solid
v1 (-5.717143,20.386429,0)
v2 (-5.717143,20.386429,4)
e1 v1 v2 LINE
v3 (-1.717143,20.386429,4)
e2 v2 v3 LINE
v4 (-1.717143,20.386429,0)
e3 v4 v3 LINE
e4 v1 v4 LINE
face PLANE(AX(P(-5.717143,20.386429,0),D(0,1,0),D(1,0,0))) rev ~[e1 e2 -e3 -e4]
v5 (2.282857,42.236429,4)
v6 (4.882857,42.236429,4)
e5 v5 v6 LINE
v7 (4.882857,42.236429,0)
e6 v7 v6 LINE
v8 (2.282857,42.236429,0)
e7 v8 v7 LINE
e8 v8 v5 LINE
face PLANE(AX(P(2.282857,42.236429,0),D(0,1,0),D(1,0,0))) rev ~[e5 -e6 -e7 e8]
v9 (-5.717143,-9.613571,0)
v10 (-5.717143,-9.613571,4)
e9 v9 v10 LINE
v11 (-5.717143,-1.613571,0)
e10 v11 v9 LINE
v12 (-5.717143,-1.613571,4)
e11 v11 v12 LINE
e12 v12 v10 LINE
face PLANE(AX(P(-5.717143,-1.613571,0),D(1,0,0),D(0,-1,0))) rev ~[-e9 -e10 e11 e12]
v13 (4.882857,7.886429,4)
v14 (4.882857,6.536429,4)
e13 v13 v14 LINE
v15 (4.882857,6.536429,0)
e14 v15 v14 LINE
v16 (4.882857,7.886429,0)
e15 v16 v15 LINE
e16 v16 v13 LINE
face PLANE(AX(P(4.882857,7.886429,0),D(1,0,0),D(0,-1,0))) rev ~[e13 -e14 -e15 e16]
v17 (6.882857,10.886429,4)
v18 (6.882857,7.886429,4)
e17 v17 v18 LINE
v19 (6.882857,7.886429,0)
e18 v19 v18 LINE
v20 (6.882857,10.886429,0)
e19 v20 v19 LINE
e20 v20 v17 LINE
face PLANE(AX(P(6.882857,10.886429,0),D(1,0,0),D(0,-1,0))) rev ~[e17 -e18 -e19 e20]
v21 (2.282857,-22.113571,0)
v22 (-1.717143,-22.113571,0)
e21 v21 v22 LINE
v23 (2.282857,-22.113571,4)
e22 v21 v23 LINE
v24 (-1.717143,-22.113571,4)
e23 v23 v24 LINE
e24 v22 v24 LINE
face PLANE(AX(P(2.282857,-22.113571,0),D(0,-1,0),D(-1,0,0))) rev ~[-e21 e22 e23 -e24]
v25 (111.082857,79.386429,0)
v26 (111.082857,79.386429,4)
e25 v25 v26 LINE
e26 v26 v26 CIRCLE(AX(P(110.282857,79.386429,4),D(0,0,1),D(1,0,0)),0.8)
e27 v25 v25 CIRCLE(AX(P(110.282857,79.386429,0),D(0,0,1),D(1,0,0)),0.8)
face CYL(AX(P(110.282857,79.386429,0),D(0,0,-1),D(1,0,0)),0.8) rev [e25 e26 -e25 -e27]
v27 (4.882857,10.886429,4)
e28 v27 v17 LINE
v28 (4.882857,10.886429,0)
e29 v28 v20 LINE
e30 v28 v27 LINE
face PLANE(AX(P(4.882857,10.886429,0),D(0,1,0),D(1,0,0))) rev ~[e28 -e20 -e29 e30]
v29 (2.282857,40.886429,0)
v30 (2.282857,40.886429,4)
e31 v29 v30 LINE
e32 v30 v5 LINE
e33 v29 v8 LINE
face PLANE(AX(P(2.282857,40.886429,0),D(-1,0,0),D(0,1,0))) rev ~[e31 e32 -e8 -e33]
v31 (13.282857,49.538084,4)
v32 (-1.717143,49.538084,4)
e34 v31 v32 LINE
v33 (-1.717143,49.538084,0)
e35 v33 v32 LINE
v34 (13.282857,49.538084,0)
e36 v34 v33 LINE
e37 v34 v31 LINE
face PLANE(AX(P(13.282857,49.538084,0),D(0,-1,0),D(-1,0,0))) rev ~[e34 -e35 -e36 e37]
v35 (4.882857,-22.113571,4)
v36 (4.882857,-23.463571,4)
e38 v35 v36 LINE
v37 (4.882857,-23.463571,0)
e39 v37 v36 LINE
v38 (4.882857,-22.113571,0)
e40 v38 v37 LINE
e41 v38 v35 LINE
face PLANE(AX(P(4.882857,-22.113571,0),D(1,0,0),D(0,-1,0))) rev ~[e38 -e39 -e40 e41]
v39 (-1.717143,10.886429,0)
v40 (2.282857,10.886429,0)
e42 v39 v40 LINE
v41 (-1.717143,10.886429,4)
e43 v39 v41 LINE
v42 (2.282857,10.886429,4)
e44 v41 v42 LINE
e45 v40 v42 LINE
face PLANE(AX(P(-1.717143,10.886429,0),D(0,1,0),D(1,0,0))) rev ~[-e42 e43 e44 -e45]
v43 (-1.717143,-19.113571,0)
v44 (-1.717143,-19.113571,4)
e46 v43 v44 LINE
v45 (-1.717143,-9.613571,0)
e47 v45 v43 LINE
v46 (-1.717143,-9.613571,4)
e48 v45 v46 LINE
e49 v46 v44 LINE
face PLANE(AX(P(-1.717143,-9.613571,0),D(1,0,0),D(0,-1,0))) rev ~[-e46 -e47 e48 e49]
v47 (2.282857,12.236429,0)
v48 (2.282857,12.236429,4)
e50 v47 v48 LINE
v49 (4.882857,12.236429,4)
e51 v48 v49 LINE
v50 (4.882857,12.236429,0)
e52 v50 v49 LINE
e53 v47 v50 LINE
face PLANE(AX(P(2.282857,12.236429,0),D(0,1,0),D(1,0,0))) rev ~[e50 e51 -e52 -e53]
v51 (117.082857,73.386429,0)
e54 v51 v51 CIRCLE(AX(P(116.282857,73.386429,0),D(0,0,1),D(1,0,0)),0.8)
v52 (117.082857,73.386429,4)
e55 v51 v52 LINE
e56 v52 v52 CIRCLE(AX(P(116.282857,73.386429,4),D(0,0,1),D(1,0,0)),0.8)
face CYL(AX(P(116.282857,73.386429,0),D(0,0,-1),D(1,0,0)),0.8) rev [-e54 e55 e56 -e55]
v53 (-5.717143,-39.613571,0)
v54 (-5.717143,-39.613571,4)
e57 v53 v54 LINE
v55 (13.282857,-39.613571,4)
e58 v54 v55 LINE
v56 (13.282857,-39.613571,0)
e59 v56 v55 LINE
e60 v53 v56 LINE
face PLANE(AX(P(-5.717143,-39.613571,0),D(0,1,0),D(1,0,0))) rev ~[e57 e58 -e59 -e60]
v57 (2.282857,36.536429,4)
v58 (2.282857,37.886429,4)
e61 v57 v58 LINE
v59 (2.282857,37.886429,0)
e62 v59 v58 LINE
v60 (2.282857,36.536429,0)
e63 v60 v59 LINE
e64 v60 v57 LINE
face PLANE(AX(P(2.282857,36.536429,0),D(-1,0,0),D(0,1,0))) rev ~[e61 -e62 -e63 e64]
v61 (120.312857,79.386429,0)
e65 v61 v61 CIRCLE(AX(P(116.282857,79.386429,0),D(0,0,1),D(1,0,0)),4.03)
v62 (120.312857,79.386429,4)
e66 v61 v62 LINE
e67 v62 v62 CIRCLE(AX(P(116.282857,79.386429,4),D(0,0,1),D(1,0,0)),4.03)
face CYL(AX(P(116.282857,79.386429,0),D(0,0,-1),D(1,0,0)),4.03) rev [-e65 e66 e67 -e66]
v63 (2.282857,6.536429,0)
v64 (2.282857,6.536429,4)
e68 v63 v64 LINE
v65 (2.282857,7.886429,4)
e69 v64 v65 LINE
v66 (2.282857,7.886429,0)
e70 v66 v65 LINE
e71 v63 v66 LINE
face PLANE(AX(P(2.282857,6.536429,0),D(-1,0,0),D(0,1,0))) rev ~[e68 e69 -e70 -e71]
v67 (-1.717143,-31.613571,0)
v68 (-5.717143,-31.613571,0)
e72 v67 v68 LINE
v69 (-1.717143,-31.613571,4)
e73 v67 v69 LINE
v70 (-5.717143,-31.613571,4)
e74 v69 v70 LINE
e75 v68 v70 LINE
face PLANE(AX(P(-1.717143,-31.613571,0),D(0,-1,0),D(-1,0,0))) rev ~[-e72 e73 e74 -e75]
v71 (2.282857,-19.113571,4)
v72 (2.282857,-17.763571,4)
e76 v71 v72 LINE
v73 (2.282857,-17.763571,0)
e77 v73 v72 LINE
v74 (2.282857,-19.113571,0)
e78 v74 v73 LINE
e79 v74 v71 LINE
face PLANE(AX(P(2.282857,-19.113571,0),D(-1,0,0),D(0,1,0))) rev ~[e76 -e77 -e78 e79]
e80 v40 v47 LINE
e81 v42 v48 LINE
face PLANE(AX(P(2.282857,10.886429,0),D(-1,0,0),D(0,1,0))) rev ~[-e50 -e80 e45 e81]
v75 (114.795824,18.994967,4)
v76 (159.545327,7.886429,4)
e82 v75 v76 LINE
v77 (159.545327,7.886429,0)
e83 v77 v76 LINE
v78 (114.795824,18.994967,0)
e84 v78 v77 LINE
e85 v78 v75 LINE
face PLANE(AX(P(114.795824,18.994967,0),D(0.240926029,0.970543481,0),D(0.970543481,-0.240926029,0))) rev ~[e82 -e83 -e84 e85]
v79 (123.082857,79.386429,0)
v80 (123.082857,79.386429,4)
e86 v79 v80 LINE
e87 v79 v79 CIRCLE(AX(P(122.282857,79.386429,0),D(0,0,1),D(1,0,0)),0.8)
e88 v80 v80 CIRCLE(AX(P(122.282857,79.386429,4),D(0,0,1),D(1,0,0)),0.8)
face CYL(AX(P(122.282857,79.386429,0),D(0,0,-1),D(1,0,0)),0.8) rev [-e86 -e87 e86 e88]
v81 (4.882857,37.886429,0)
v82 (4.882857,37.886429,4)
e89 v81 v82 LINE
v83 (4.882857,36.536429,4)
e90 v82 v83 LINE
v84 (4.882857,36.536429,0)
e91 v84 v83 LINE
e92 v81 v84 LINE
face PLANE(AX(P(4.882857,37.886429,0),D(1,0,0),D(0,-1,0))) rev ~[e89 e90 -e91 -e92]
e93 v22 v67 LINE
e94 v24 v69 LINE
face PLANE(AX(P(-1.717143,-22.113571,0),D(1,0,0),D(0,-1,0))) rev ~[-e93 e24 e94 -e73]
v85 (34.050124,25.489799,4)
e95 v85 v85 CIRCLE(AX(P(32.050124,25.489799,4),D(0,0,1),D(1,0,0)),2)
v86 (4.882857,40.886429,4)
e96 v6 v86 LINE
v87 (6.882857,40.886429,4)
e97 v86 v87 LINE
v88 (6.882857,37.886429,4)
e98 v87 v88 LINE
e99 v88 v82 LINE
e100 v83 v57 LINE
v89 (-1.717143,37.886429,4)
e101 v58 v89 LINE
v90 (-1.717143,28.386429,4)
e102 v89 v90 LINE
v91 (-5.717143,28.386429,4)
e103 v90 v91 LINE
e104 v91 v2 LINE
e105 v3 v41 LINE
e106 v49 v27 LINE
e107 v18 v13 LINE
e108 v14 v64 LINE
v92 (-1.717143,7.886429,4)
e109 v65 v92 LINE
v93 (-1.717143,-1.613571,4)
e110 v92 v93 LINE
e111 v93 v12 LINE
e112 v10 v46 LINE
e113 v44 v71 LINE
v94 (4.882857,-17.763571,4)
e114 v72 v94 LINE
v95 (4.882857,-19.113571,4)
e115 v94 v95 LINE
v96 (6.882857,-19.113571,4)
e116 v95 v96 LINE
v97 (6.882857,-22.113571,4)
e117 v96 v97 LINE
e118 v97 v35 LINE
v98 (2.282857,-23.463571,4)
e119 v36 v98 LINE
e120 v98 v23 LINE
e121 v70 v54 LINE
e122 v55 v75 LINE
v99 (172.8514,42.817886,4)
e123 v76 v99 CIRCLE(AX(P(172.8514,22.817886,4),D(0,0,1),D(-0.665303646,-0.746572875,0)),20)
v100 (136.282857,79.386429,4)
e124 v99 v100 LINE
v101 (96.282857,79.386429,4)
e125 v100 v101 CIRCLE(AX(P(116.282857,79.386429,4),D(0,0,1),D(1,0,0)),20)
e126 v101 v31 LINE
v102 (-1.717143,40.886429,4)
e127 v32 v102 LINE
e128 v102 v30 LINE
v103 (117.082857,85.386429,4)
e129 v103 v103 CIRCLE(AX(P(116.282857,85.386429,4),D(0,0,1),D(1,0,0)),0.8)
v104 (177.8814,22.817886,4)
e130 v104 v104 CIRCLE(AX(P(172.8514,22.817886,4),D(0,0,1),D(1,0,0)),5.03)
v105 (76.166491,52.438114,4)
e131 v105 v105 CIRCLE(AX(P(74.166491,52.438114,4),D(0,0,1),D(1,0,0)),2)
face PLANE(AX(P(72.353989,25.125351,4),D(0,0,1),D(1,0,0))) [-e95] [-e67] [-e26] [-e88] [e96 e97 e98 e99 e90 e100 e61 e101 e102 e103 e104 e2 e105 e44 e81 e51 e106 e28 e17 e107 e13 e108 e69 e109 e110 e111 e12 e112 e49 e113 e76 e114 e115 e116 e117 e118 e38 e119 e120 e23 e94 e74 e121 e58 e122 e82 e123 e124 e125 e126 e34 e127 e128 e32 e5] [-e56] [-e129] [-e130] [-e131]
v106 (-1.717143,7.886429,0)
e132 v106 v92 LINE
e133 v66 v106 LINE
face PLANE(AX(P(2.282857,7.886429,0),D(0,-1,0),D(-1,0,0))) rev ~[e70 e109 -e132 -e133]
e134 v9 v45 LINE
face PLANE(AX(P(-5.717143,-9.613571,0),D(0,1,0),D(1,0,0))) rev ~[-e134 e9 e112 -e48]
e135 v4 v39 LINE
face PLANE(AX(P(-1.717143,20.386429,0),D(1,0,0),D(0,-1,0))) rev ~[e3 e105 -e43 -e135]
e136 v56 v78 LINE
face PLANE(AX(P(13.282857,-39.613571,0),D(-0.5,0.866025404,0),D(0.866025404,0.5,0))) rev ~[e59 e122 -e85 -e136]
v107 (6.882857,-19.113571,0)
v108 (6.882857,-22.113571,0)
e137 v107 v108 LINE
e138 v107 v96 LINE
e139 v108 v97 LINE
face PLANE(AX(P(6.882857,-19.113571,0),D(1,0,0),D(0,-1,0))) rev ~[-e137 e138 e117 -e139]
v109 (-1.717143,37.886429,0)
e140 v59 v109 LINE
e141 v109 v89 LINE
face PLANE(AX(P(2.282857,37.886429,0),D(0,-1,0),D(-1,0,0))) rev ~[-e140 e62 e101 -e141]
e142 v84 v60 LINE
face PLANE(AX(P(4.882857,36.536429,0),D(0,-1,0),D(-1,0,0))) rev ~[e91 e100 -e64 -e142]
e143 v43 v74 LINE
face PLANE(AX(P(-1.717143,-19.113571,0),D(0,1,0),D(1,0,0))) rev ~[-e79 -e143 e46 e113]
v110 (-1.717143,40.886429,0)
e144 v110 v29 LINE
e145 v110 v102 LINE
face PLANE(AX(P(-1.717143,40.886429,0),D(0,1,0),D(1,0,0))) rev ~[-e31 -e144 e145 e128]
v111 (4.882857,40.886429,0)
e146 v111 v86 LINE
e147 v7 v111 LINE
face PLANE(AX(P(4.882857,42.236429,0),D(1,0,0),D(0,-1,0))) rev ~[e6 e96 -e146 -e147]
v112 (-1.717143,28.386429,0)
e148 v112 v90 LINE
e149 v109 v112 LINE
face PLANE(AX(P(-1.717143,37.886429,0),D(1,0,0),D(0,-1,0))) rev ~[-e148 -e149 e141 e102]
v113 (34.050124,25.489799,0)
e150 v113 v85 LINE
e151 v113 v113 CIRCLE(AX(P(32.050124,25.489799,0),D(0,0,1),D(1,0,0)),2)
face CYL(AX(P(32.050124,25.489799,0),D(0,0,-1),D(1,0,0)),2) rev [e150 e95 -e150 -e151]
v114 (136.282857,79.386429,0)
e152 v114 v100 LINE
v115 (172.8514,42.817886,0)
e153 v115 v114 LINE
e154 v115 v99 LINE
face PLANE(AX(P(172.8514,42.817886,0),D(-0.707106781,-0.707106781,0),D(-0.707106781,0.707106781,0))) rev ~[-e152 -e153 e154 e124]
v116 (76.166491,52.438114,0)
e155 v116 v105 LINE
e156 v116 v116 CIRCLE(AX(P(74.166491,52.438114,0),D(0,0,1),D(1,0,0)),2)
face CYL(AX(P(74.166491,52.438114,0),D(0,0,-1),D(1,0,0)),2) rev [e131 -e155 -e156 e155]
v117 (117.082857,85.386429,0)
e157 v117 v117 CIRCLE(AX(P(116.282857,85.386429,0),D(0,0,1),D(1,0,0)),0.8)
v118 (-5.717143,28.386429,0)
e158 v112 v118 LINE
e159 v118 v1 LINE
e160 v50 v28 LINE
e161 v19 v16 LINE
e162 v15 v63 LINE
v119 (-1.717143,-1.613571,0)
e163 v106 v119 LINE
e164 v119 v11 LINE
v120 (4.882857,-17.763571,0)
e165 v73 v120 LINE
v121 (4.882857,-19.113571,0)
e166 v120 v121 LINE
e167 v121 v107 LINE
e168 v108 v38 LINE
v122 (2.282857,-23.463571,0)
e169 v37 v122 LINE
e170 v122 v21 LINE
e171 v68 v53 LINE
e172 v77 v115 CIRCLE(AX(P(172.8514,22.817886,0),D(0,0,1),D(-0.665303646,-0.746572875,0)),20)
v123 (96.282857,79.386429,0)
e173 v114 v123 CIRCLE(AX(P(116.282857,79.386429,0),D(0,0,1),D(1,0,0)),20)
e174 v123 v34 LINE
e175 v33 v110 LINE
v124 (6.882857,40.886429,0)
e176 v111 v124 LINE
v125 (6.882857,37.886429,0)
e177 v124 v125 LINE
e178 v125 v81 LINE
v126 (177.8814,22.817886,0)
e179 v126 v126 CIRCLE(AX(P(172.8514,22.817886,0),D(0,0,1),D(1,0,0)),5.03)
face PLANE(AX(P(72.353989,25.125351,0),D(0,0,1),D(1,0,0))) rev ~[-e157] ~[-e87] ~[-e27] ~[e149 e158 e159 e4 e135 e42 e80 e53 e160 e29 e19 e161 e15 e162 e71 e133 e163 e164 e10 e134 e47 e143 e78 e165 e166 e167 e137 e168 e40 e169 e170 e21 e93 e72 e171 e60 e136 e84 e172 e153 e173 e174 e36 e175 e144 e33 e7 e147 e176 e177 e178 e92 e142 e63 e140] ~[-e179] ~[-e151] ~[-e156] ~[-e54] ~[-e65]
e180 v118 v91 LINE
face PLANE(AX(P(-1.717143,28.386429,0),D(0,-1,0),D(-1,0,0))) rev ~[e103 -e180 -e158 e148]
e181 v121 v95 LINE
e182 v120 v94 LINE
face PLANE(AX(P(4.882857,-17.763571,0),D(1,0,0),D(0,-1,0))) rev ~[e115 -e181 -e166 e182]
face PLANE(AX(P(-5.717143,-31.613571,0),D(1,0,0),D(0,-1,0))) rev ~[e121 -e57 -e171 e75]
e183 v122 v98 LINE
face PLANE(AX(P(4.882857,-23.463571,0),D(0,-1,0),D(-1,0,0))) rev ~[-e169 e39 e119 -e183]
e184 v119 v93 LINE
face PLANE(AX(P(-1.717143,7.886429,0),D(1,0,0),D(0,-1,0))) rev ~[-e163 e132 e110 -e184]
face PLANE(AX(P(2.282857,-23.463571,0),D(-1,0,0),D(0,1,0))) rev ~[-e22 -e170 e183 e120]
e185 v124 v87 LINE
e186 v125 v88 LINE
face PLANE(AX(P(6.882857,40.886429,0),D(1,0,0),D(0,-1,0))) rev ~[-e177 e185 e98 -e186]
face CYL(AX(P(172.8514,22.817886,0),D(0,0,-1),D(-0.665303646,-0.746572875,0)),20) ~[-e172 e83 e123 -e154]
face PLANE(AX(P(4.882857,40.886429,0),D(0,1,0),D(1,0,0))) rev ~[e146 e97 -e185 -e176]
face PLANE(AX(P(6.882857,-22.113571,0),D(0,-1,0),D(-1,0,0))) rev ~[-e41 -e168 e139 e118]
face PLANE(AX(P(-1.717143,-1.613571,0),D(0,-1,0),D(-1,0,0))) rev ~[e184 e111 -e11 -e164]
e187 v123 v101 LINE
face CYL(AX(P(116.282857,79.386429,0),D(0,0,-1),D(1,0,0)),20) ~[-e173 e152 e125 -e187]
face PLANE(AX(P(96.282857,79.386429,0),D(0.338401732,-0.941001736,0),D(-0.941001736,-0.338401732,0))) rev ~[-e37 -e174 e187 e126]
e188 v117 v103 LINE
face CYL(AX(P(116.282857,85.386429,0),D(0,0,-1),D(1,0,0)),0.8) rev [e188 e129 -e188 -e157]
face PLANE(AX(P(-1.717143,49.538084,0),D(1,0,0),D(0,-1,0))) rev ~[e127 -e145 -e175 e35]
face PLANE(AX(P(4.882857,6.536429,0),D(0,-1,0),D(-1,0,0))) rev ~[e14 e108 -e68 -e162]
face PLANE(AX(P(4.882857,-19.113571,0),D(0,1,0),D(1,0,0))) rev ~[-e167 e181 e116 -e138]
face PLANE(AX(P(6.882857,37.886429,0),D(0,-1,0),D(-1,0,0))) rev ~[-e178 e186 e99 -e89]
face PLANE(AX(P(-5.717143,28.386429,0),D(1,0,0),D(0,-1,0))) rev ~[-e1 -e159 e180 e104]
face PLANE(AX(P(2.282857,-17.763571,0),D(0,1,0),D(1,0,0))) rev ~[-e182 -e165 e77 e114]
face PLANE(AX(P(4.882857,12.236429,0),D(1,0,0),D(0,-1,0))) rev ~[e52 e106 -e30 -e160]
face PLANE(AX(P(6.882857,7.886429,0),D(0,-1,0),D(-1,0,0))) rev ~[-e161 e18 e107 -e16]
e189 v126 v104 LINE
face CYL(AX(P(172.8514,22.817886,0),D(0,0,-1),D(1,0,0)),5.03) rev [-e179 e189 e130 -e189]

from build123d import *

# Parameters (mm, degrees)
SKETCH_1_R      = 2
SKETCH_1_R_2    = 5.03
SKETCH_1_R_3    = 0.8
SKETCH_1_R_4    = 4.03
EXTRUDE_1_DEPTH = 4


with BuildPart() as part:
    # 草图1 → 凸台-拉伸1 (new body)
    with BuildSketch(Plane.XY):
        with BuildLine():
            Line((2.282857143, -22.113571429), (-1.717142857, -22.113571429))
            Line((-1.717142857, -22.113571429), (-1.717142857, -31.613571429))
            Line((-1.717142857, -31.613571429), (-5.717142857, -31.613571429))
            Line((-5.717142857, -31.613571429), (-5.717142857, -39.613571429))
            Line((-5.717142857, -39.613571429), (-1.717142857, -39.613571429))
            Line((-1.717142857, -39.613571429), (13.282857143, -39.613571429))
            Line((13.282857143, -39.613571429), (114.795824144, 18.994967396))
            Line((114.795824144, 18.994967396), (159.545326709, 7.886428571))
            ThreePointArc((159.545326709, 7.886428571), (191.541358842, 15.698516375), (172.851399638, 42.817886077))
            Line((172.851399638, 42.817886077), (136.282857143, 79.386428571))
            ThreePointArc((136.282857143, 79.386428571), (116.282857143, 99.386428571), (96.282857143, 79.386428571))
            Line((96.282857143, 79.386428571), (13.282857143, 49.538084372))
            Line((13.282857143, 49.538084372), (-1.717142857, 49.538084372))
            Line((-1.717142857, 49.538084372), (-1.717142857, 40.886428571))
            Line((-1.717142857, 40.886428571), (2.282857143, 40.886428571))
            Line((2.282857143, 40.886428571), (2.282857143, 42.236428571))
            Line((2.282857143, 42.236428571), (4.882857143, 42.236428571))
            Line((4.882857143, 42.236428571), (4.882857143, 40.886428571))
            Line((4.882857143, 40.886428571), (6.882857143, 40.886428571))
            Line((6.882857143, 40.886428571), (6.882857143, 37.886428571))
            Line((6.882857143, 37.886428571), (4.882857143, 37.886428571))
            Line((4.882857143, 37.886428571), (4.882857143, 36.536428571))
            Line((4.882857143, 36.536428571), (2.282857143, 36.536428571))
            Line((2.282857143, 36.536428571), (2.282857143, 37.886428571))
            Line((2.282857143, 37.886428571), (-1.717142857, 37.886428571))
            Line((-1.717142857, 37.886428571), (-1.717142857, 28.386428571))
            Line((-1.717142857, 28.386428571), (-5.717142857, 28.386428571))
            Line((-5.717142857, 28.386428571), (-5.717142857, 20.386428571))
            Line((-5.717142857, 20.386428571), (-1.717142857, 20.386428571))
            Line((-1.717142857, 20.386428571), (-1.717142857, 10.886428571))
            Line((-1.717142857, 10.886428571), (2.282857143, 10.886428571))
            Line((2.282857143, 10.886428571), (2.282857143, 12.236428571))
            Line((2.282857143, 12.236428571), (4.882857143, 12.236428571))
            Line((4.882857143, 12.236428571), (4.882857143, 10.886428571))
            Line((4.882857143, 10.886428571), (6.882857143, 10.886428571))
            Line((6.882857143, 10.886428571), (6.882857143, 7.886428571))
            Line((6.882857143, 7.886428571), (4.882857143, 7.886428571))
            Line((4.882857143, 7.886428571), (4.882857143, 6.536428571))
            Line((4.882857143, 6.536428571), (2.282857143, 6.536428571))
            Line((2.282857143, 6.536428571), (2.282857143, 7.886428571))
            Line((2.282857143, 7.886428571), (-1.717142857, 7.886428571))
            Line((-1.717142857, 7.886428571), (-1.717142857, -1.613571429))
            Line((-1.717142857, -1.613571429), (-5.717142857, -1.613571429))
            Line((-5.717142857, -1.613571429), (-5.717142857, -9.613571429))
            Line((-5.717142857, -9.613571429), (-1.717142857, -9.613571429))
            Line((-1.717142857, -9.613571429), (-1.717142857, -19.113571429))
            Line((-1.717142857, -19.113571429), (2.282857143, -19.113571429))
            Line((2.282857143, -19.113571429), (2.282857143, -17.763571429))
            Line((2.282857143, -17.763571429), (4.882857143, -17.763571429))
            Line((4.882857143, -17.763571429), (4.882857143, -19.113571429))
            Line((4.882857143, -19.113571429), (6.882857143, -19.113571429))
            Line((6.882857143, -19.113571429), (6.882857143, -22.113571429))
            Line((6.882857143, -22.113571429), (4.882857143, -22.113571429))
            Line((4.882857143, -22.113571429), (4.882857143, -23.463571429))
            Line((4.882857143, -23.463571429), (2.282857143, -23.463571429))
            Line((2.282857143, -23.463571429), (2.282857143, -22.113571429))
        make_face()
        with Locations((32.050124236, 25.489798741)):
            Circle(SKETCH_1_R, mode=Mode.SUBTRACT)
        with Locations((172.851399638, 22.817886077)):
            Circle(SKETCH_1_R_2, mode=Mode.SUBTRACT)
        with Locations((74.16649069, 52.438113656)):
            Circle(SKETCH_1_R, mode=Mode.SUBTRACT)
        with Locations((116.282857143, 73.386428571)):
            Circle(SKETCH_1_R_3, mode=Mode.SUBTRACT)
        with Locations((110.282857143, 79.386428571)):
            Circle(SKETCH_1_R_3, mode=Mode.SUBTRACT)
        with Locations((116.282857143, 79.386428571)):
            Circle(SKETCH_1_R_4, mode=Mode.SUBTRACT)
        with Locations((122.282857143, 79.386428571)):
            Circle(SKETCH_1_R_3, mode=Mode.SUBTRACT)
        with Locations((116.282857143, 85.386428571)):
            Circle(SKETCH_1_R_3, mode=Mode.SUBTRACT)
    extrude(amount=EXTRUDE_1_DEPTH)


solid = part.part
